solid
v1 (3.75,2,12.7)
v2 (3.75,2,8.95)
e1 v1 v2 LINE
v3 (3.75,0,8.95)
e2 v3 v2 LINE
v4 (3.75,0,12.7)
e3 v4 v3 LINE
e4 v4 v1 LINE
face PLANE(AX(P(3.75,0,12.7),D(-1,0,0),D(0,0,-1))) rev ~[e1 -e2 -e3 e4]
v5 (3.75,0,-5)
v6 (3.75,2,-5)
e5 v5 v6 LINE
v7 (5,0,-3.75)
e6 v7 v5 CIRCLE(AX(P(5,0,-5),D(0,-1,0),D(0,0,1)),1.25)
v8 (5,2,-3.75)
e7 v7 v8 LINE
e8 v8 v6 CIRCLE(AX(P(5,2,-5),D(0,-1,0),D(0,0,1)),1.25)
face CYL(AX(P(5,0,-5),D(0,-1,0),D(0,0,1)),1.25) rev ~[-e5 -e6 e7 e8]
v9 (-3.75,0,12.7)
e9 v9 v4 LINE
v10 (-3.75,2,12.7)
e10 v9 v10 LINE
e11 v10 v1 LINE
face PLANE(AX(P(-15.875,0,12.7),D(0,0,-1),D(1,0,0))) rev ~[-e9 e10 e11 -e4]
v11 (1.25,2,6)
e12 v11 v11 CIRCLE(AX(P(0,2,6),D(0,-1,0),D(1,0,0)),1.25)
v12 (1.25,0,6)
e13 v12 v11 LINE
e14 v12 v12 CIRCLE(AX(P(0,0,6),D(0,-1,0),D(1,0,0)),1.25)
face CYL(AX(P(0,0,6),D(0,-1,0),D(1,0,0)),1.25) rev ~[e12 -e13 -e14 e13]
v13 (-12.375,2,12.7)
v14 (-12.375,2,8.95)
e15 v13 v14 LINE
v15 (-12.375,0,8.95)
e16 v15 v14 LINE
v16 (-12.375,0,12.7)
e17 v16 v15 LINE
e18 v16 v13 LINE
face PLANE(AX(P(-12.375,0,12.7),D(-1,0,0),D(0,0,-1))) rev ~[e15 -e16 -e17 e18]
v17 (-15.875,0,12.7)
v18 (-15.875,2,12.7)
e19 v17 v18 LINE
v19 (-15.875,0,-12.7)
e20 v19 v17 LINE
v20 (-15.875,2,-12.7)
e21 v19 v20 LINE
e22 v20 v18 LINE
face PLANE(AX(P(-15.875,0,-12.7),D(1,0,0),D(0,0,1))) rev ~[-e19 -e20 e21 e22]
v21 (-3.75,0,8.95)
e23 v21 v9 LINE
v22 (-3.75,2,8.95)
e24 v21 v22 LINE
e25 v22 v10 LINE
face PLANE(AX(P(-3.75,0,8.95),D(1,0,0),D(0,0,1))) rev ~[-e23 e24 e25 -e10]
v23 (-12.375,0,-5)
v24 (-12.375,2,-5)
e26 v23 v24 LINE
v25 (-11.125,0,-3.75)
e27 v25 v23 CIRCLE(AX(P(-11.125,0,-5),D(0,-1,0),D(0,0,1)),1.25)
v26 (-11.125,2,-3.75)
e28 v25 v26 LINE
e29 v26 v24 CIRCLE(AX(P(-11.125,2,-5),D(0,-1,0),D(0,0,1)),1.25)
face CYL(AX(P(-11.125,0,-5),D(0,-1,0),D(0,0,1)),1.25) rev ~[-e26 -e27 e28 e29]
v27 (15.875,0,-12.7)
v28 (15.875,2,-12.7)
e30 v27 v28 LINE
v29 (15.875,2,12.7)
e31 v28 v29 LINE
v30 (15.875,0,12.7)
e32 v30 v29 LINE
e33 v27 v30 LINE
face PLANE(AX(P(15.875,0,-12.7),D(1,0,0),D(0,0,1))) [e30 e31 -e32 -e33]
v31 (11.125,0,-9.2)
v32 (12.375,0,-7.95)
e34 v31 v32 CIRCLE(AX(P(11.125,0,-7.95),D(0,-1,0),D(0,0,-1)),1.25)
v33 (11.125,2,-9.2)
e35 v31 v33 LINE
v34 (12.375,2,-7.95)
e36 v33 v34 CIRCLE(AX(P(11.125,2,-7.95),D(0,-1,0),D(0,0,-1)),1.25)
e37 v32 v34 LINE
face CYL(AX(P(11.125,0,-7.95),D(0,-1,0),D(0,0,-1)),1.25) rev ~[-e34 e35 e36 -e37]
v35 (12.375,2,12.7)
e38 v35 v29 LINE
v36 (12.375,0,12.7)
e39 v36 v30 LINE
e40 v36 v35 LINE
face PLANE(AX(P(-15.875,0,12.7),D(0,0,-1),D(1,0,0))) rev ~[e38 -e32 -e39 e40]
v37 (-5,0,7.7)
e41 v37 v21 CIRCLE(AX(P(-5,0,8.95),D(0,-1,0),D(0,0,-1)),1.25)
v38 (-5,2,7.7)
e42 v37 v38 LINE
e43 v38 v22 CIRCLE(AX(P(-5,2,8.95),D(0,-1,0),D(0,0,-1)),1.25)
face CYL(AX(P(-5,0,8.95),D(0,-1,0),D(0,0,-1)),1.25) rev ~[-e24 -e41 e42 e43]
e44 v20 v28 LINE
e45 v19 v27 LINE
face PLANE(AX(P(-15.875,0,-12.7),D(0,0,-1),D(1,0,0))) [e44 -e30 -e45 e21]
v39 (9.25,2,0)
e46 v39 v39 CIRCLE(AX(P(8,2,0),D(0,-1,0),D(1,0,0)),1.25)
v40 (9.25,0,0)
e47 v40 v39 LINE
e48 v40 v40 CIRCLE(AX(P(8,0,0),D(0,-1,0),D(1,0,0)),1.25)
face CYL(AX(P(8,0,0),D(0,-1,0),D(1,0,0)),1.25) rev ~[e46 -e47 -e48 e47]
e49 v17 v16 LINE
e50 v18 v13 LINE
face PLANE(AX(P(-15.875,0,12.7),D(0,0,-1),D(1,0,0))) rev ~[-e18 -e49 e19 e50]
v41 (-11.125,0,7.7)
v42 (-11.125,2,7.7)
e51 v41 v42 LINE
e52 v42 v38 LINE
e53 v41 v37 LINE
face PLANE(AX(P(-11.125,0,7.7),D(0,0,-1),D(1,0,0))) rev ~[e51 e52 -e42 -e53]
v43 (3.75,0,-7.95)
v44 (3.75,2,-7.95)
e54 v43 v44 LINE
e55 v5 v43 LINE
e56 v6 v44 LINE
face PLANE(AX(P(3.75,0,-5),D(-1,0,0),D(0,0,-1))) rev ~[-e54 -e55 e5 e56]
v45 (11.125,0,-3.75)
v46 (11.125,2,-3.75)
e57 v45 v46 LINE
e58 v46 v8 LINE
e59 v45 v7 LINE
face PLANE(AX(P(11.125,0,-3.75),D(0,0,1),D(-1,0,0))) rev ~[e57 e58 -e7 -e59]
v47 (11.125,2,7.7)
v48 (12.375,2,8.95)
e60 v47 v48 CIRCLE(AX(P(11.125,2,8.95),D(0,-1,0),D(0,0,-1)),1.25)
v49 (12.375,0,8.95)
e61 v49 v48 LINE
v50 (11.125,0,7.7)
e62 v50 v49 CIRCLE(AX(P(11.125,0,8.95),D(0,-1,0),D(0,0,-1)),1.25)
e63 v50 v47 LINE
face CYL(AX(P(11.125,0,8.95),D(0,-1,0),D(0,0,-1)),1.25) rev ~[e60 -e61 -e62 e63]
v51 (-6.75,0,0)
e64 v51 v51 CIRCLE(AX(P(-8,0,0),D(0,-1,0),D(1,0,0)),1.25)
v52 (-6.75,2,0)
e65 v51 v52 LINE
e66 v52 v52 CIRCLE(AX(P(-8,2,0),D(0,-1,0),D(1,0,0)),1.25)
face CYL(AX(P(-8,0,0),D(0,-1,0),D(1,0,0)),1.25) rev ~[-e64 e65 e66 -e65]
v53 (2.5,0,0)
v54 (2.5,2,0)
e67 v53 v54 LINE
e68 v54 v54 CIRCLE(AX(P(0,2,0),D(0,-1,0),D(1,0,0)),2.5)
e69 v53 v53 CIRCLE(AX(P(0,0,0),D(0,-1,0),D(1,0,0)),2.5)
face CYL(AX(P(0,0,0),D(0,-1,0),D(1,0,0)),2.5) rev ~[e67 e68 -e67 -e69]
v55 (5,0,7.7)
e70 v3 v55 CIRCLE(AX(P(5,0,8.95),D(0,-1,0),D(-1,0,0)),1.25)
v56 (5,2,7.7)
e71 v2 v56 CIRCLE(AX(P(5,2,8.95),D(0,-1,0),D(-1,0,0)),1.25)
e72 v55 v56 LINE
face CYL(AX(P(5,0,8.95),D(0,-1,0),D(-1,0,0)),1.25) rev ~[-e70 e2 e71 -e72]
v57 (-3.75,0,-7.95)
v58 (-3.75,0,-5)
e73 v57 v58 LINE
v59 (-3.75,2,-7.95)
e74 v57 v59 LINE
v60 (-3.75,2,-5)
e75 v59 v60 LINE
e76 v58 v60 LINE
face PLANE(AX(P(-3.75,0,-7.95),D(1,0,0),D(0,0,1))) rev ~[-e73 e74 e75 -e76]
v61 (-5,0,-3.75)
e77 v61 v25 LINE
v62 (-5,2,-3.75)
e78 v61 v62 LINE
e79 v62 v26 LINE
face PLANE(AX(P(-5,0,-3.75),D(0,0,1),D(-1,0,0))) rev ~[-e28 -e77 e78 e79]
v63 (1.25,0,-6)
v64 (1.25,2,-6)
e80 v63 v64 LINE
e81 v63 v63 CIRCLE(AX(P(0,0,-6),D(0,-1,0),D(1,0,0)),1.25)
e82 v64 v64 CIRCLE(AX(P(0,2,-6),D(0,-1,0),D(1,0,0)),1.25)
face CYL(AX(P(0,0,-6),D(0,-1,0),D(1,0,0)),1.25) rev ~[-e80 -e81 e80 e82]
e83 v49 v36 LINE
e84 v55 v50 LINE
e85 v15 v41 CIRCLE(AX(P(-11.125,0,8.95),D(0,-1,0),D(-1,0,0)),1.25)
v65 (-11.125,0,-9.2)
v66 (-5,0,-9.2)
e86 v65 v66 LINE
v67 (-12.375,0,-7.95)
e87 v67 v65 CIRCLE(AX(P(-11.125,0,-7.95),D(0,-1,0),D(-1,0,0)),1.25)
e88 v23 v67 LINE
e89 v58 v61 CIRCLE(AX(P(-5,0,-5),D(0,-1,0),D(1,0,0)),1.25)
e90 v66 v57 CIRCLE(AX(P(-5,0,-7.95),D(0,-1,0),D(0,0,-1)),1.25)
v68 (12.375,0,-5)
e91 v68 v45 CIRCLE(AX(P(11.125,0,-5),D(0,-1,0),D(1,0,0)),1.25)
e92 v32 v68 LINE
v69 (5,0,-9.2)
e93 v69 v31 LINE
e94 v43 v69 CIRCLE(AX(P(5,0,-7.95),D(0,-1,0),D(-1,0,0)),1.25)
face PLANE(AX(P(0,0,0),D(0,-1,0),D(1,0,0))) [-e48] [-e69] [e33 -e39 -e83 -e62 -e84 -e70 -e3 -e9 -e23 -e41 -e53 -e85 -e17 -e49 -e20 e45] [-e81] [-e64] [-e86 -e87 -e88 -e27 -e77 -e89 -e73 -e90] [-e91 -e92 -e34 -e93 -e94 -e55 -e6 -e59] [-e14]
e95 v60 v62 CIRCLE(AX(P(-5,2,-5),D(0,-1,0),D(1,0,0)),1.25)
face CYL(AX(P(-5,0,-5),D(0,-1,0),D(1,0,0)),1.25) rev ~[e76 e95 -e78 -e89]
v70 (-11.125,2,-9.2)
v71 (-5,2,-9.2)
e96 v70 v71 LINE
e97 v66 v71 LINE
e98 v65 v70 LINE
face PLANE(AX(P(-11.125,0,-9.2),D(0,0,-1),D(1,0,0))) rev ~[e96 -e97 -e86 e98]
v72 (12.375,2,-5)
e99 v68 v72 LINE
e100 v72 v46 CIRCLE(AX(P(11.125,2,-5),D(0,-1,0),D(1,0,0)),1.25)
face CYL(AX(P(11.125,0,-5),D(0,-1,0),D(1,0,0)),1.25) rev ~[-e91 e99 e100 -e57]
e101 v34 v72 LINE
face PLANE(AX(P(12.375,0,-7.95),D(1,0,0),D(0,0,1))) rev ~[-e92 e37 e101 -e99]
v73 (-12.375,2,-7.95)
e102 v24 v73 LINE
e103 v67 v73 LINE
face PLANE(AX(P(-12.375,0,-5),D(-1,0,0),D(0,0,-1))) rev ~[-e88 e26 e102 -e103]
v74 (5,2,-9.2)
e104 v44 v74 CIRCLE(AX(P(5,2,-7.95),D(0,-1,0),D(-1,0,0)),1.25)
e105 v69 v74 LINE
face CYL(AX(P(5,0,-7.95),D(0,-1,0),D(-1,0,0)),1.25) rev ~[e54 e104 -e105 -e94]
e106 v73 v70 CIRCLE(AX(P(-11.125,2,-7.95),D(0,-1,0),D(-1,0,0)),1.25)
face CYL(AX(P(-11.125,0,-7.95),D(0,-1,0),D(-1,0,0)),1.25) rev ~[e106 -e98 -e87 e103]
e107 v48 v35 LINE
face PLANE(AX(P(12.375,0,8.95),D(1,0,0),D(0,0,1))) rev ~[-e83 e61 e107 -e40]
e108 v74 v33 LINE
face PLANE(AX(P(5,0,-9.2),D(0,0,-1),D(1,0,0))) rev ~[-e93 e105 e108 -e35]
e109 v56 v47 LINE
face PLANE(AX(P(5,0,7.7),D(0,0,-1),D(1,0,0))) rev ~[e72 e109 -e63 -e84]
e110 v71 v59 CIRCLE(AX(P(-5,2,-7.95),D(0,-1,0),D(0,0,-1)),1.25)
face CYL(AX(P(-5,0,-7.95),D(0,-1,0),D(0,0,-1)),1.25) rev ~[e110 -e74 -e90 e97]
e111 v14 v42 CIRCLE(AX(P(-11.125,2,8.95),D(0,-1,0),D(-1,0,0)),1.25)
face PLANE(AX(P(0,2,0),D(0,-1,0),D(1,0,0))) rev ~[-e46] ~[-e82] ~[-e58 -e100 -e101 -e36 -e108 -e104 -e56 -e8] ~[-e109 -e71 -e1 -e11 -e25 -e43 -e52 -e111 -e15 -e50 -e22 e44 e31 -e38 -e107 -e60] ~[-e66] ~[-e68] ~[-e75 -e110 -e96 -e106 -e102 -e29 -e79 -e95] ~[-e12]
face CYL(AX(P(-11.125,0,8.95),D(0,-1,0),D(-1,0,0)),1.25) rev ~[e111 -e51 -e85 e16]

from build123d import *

# Parameters (mm, degrees)
F1_W     = 31.75
F1_H     = 25.4
F2_DEPTH = 2
F3_R     = 2.5
F3_R_2   = 1.25
F5_DEPTH = 2.001


with BuildPart() as f2:
    # F1 (on Front) → F2 (new body)
    with BuildSketch(Plane.XZ):
        Rectangle(F1_W, F1_H)
    extrude(amount=-F2_DEPTH)

    # F3 (on face) + F4 (on face) → F5 (cut, through all)
    with BuildSketch(Plane.XZ):
        Circle(F3_R)
        with Locations((-8, 0)):
            Circle(F3_R_2)
        with Locations((8, 0)):
            Circle(F3_R_2)
        with Locations((0, 6)):
            Circle(F3_R_2)
        with Locations((0, -6)):
            Circle(F3_R_2)
    with BuildSketch(Plane.XZ):
        with BuildLine():
            Line((-3.75, -7.95), (-3.75, -5))
            ThreePointArc((-3.75, -5), (-4.1161165235, -4.1161165235), (-5, -3.75))
            Line((-5, -3.75), (-11.125, -3.75))
            ThreePointArc((-11.125, -3.75), (-12.0088834765, -4.1161165235), (-12.375, -5))
            Line((-12.375, -5), (-12.375, -7.95))
            ThreePointArc((-12.375, -7.95), (-12.0088834765, -8.8338834765), (-11.125, -9.2))
            Line((-11.125, -9.2), (-5, -9.2))
            ThreePointArc((-5, -9.2), (-4.1161165235, -8.8338834765), (-3.75, -7.95))
        make_face()
        with BuildLine():
            ThreePointArc((5, -3.75), (4.1161165235, -4.1161165235), (3.75, -5))
            Line((3.75, -5), (3.75, -7.95))
            ThreePointArc((3.75, -7.95), (4.1161165235, -8.8338834765), (5, -9.2))
            Line((5, -9.2), (11.125, -9.2))
            ThreePointArc((11.125, -9.2), (12.0088834765, -8.8338834765), (12.375, -7.95))
            Line((12.375, -7.95), (12.375, -5))
            ThreePointArc((12.375, -5), (12.0088834765, -4.1161165235), (11.125, -3.75))
            Line((11.125, -3.75), (5, -3.75))
        make_face()
        with BuildLine():
            Line((-3.75, 12.7), (-12.375, 12.7))
            Line((-12.375, 12.7), (-12.375, 8.95))
            ThreePointArc((-12.375, 8.95), (-12.0088834765, 8.0661165235), (-11.125, 7.7))
            Line((-11.125, 7.7), (-5, 7.7))
            ThreePointArc((-5, 7.7), (-4.1161165235, 8.0661165235), (-3.75, 8.95))
            Line((-3.75, 8.95), (-3.75, 12.7))
        make_face()
        with BuildLine():
            Line((3.75, 12.7), (3.75, 8.95))
            ThreePointArc((3.75, 8.95), (4.1161165235, 8.0661165235), (5, 7.7))
            Line((5, 7.7), (11.125, 7.7))
            ThreePointArc((11.125, 7.7), (12.0088834765, 8.0661165235), (12.375, 8.95))
            Line((12.375, 8.95), (12.375, 12.7))
            Line((12.375, 12.7), (3.75, 12.7))
        make_face()
    extrude(amount=-F5_DEPTH, mode=Mode.SUBTRACT)


solid = f2.part
